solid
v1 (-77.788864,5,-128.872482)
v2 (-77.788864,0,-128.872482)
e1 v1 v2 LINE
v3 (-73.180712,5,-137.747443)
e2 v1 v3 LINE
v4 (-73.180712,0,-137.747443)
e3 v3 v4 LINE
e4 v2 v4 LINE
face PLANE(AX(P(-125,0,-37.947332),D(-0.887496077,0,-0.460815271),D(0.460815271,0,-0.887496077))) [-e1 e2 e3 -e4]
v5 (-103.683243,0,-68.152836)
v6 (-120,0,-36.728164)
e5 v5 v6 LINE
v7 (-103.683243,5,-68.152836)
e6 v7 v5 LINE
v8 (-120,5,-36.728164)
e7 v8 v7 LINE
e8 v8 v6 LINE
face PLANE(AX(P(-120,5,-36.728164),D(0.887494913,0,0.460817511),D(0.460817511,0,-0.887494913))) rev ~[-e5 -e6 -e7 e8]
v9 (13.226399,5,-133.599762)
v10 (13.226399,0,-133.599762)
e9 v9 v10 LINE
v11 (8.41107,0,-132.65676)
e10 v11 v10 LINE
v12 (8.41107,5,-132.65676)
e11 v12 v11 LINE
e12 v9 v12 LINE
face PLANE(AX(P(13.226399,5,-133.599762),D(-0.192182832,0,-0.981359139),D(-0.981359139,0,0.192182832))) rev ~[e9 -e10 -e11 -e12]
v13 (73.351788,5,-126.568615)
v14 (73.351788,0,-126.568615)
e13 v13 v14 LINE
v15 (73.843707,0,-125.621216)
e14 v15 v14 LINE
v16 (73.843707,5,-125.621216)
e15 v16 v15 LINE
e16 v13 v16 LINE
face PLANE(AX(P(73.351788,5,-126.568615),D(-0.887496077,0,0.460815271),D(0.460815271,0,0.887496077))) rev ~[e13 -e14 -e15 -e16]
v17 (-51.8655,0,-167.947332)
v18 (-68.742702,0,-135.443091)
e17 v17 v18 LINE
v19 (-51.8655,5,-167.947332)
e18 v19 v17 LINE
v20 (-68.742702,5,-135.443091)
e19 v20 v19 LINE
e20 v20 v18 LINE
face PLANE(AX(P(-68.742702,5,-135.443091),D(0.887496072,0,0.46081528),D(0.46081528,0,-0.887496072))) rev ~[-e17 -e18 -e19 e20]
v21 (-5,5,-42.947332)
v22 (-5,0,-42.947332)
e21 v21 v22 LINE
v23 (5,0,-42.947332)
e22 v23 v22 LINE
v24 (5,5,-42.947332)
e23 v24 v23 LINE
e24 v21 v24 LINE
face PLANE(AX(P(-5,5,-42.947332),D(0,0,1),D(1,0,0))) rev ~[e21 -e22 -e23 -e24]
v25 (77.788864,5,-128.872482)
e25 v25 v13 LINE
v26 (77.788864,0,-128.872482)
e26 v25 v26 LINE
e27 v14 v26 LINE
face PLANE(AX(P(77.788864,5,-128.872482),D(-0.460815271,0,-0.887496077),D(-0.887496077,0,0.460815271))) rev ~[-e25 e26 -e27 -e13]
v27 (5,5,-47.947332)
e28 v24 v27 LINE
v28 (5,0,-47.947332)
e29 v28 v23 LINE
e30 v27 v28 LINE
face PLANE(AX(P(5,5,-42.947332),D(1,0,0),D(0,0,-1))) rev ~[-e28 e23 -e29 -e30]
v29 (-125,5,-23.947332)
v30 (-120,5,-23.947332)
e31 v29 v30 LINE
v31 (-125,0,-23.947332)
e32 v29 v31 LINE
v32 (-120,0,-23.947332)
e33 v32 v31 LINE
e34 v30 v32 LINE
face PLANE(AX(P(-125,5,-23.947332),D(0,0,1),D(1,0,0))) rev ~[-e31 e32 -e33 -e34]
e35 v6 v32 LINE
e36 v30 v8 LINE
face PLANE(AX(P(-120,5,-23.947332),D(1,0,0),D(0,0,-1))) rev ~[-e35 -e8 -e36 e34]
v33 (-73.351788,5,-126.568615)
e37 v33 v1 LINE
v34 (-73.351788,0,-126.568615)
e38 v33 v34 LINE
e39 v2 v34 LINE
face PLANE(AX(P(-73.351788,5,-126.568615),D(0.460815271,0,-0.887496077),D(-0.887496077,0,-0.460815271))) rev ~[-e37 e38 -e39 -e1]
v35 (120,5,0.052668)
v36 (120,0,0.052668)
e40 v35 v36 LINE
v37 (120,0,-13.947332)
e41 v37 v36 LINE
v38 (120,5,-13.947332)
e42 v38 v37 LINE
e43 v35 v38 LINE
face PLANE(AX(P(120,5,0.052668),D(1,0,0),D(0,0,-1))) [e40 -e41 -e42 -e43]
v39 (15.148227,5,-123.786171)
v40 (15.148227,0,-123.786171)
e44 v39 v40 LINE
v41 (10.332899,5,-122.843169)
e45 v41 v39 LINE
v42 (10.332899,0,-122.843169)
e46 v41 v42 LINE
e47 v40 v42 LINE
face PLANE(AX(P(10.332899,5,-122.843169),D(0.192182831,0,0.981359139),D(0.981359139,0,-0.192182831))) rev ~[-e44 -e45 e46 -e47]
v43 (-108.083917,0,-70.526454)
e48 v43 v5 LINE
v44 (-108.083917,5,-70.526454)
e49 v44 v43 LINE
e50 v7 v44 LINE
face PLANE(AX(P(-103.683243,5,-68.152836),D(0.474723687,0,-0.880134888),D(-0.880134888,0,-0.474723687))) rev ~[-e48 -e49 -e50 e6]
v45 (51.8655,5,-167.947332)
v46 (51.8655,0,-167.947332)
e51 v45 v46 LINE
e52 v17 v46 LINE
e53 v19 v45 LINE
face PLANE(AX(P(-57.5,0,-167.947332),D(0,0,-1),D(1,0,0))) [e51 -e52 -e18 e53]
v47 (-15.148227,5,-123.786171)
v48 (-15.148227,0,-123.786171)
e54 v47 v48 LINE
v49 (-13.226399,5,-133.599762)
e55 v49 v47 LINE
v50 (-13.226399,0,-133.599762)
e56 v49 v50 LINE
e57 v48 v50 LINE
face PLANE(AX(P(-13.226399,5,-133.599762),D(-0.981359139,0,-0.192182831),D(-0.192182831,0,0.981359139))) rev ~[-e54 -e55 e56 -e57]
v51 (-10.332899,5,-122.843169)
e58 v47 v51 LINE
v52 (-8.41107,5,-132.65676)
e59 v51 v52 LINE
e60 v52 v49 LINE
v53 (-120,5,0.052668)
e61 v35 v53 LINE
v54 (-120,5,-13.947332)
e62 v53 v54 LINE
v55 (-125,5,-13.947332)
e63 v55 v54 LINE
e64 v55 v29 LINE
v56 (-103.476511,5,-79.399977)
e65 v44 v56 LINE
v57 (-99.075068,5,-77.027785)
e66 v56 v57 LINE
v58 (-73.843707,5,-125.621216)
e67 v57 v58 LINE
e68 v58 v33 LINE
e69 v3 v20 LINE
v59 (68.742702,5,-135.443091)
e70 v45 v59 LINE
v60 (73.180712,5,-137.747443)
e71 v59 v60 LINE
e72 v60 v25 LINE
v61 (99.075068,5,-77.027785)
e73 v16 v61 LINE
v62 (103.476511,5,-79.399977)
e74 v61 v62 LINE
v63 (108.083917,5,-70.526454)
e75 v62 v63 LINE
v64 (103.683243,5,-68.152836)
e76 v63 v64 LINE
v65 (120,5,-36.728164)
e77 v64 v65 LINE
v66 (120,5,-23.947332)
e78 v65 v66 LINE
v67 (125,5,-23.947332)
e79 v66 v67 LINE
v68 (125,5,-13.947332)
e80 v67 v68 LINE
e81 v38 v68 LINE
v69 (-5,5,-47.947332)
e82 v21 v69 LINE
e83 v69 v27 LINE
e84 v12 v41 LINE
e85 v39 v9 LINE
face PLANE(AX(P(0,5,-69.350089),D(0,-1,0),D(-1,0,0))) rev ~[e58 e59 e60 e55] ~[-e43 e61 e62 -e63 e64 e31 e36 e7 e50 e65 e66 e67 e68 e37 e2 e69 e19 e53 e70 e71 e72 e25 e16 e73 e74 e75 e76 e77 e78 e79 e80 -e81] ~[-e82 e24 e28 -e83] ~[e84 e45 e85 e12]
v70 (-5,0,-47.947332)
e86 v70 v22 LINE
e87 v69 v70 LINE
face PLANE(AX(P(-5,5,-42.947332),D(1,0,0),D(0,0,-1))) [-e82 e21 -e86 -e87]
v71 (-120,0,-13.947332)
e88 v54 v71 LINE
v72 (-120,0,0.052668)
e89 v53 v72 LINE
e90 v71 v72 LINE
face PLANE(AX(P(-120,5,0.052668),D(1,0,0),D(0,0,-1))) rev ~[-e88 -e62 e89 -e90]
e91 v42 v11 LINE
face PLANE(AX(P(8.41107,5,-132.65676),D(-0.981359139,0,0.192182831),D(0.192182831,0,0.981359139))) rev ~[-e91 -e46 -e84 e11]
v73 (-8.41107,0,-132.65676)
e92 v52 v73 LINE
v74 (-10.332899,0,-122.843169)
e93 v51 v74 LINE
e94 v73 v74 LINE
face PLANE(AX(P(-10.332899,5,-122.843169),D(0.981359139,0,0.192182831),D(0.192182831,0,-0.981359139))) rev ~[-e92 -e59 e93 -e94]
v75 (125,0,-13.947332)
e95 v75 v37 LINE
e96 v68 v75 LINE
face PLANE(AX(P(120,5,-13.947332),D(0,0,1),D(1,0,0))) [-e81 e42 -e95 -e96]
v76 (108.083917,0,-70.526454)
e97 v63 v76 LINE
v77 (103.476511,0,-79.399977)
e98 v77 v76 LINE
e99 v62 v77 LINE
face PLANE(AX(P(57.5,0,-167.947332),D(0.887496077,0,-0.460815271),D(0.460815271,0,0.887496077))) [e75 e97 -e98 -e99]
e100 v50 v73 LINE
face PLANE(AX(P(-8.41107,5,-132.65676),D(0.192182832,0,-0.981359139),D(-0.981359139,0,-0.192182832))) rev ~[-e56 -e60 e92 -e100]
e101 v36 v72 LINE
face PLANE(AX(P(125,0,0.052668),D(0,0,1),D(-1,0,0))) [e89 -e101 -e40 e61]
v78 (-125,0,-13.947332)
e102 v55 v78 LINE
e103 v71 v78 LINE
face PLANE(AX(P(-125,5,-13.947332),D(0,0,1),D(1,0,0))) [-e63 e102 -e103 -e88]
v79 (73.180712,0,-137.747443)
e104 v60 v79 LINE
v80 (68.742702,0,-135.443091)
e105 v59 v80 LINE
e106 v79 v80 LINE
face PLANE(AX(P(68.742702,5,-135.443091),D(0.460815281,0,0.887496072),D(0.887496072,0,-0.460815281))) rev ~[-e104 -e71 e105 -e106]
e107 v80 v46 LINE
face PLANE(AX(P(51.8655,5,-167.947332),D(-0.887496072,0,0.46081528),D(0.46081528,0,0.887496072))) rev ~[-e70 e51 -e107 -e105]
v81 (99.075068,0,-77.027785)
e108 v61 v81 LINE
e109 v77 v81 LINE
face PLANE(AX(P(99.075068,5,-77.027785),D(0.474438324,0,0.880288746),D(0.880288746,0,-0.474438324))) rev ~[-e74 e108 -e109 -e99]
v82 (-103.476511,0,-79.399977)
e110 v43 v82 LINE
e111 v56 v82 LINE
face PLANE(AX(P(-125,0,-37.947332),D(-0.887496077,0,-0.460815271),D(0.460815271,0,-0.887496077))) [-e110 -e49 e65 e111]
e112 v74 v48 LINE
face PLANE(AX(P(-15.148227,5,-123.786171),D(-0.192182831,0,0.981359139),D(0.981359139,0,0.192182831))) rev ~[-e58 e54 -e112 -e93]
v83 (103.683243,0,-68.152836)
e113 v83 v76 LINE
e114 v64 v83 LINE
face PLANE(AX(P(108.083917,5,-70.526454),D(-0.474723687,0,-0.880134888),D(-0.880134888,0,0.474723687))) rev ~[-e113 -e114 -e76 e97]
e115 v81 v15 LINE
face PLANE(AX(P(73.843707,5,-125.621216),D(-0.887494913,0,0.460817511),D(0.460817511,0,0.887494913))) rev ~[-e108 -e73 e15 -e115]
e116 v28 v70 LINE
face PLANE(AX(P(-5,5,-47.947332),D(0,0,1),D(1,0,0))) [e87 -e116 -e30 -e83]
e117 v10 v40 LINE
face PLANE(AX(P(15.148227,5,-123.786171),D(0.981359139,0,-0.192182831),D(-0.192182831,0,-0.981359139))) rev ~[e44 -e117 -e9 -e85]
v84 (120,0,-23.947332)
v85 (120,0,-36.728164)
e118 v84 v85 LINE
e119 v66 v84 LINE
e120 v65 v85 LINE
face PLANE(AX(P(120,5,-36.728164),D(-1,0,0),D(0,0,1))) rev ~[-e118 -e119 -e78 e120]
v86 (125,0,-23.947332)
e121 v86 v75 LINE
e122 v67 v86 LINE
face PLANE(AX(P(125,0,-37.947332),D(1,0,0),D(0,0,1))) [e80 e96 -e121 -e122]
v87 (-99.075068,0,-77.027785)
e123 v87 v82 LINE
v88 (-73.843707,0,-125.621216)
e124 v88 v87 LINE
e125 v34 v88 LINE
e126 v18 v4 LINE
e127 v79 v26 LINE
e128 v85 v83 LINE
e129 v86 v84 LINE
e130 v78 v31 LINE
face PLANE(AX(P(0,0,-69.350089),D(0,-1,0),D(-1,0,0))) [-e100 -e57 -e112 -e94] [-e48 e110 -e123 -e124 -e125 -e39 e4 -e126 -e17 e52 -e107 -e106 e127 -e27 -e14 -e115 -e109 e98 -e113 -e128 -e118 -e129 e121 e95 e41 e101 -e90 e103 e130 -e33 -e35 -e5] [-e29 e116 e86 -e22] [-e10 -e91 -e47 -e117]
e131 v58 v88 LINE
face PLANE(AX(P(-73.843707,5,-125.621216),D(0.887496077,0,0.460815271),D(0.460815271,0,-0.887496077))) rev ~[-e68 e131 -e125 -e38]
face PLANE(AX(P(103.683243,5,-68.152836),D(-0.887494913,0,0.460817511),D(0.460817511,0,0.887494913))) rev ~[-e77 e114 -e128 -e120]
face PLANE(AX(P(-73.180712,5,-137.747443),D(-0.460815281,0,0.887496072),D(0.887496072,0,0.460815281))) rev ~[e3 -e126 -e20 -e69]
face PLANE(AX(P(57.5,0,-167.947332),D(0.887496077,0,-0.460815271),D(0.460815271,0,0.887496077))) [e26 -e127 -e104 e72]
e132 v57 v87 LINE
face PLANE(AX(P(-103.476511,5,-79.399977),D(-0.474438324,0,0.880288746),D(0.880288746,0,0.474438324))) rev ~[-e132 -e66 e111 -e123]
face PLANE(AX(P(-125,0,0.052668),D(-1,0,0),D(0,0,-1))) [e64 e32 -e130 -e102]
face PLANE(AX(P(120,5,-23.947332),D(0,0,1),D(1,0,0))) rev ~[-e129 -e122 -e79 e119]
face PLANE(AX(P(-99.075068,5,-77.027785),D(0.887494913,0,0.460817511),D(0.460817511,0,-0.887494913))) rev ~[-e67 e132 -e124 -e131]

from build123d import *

# Parameters (mm, degrees)
BOSS_EXTRUDE1_DEPTH = 5
SKETCH2_W           = 5
SKETCH2_H           = 14
SKETCH2_W_2         = 10
SKETCH2_H_2         = 5
CUT_EXTRUDE1_DEPTH  = 210.418973113


with BuildPart() as part:
    # Sketch1 → Boss-Extrude1 (new body)
    with BuildSketch(Plane(origin=(0, 0, 0), x_dir=(1, 0, 0), z_dir=(0, 1, 0))):
        Polygon((-57.5, 167.947331922), (57.5, 167.947331922), (125, 37.947331922), (125, -0.052668078), (-125, -0.052668078), (-125, 37.947331922), align=None)
    extrude(amount=BOSS_EXTRUDE1_DEPTH)

    # Sketch2 → Cut-Extrude1 (cut, through all)
    with BuildSketch(Plane(origin=(0, 5, 0), x_dir=(1, 0, 0), z_dir=(0, 1, 0))):
        Polygon((-77.788864465, 128.872481842), (-103.476511391, 79.39997665), (-99.075067661, 77.027785029), (-73.843707474, 125.621215804), (-73.351788432, 126.56861544), align=None)
        Polygon((-125, 37.947331922), (-125, 23.947331922), (-120, 23.947331922), (-120, 36.728164098), (-103.683242772, 68.152835894), (-108.083917213, 70.526454327), align=None)
        with Locations((-122.5, 6.947331922)):
            Rectangle(SKETCH2_W, SKETCH2_H)
        with Locations((0, 45.447331922)):
            Rectangle(SKETCH2_W_2, SKETCH2_H_2)
        Polygon((-8.411070301, 132.656760174), (-13.226399097, 133.599762064), (-15.148227411, 123.786170675), (-10.332898614, 122.843168786), align=None)
        Polygon((10.332898614, 122.843168786), (15.148227411, 123.786170675), (13.226399097, 133.599762064), (8.411070301, 132.656760174), align=None)
        Polygon((-73.180711758, 137.74744261), (-68.74270223, 135.443091446), (-51.865499988, 167.947331922), (-57.5, 167.947331922), align=None)
        Polygon((73.351788432, 126.56861544), (73.843707474, 125.621215804), (99.075067661, 77.027785029), (103.476511391, 79.39997665), (77.788864465, 128.872481842), align=None)
        Polygon((68.74270223, 135.443091446), (73.180711758, 137.74744261), (57.5, 167.947331922), (51.865499988, 167.947331922), align=None)
        with Locations((122.5, 6.947331922)):
            Rectangle(SKETCH2_W, SKETCH2_H)
        Polygon((125, 23.947331922), (125, 37.947331922), (108.083917213, 70.526454327), (103.683242772, 68.152835894), (120, 36.728164098), (120, 23.947331922), align=None)
    extrude(amount=-CUT_EXTRUDE1_DEPTH, mode=Mode.SUBTRACT)


solid = part.part
